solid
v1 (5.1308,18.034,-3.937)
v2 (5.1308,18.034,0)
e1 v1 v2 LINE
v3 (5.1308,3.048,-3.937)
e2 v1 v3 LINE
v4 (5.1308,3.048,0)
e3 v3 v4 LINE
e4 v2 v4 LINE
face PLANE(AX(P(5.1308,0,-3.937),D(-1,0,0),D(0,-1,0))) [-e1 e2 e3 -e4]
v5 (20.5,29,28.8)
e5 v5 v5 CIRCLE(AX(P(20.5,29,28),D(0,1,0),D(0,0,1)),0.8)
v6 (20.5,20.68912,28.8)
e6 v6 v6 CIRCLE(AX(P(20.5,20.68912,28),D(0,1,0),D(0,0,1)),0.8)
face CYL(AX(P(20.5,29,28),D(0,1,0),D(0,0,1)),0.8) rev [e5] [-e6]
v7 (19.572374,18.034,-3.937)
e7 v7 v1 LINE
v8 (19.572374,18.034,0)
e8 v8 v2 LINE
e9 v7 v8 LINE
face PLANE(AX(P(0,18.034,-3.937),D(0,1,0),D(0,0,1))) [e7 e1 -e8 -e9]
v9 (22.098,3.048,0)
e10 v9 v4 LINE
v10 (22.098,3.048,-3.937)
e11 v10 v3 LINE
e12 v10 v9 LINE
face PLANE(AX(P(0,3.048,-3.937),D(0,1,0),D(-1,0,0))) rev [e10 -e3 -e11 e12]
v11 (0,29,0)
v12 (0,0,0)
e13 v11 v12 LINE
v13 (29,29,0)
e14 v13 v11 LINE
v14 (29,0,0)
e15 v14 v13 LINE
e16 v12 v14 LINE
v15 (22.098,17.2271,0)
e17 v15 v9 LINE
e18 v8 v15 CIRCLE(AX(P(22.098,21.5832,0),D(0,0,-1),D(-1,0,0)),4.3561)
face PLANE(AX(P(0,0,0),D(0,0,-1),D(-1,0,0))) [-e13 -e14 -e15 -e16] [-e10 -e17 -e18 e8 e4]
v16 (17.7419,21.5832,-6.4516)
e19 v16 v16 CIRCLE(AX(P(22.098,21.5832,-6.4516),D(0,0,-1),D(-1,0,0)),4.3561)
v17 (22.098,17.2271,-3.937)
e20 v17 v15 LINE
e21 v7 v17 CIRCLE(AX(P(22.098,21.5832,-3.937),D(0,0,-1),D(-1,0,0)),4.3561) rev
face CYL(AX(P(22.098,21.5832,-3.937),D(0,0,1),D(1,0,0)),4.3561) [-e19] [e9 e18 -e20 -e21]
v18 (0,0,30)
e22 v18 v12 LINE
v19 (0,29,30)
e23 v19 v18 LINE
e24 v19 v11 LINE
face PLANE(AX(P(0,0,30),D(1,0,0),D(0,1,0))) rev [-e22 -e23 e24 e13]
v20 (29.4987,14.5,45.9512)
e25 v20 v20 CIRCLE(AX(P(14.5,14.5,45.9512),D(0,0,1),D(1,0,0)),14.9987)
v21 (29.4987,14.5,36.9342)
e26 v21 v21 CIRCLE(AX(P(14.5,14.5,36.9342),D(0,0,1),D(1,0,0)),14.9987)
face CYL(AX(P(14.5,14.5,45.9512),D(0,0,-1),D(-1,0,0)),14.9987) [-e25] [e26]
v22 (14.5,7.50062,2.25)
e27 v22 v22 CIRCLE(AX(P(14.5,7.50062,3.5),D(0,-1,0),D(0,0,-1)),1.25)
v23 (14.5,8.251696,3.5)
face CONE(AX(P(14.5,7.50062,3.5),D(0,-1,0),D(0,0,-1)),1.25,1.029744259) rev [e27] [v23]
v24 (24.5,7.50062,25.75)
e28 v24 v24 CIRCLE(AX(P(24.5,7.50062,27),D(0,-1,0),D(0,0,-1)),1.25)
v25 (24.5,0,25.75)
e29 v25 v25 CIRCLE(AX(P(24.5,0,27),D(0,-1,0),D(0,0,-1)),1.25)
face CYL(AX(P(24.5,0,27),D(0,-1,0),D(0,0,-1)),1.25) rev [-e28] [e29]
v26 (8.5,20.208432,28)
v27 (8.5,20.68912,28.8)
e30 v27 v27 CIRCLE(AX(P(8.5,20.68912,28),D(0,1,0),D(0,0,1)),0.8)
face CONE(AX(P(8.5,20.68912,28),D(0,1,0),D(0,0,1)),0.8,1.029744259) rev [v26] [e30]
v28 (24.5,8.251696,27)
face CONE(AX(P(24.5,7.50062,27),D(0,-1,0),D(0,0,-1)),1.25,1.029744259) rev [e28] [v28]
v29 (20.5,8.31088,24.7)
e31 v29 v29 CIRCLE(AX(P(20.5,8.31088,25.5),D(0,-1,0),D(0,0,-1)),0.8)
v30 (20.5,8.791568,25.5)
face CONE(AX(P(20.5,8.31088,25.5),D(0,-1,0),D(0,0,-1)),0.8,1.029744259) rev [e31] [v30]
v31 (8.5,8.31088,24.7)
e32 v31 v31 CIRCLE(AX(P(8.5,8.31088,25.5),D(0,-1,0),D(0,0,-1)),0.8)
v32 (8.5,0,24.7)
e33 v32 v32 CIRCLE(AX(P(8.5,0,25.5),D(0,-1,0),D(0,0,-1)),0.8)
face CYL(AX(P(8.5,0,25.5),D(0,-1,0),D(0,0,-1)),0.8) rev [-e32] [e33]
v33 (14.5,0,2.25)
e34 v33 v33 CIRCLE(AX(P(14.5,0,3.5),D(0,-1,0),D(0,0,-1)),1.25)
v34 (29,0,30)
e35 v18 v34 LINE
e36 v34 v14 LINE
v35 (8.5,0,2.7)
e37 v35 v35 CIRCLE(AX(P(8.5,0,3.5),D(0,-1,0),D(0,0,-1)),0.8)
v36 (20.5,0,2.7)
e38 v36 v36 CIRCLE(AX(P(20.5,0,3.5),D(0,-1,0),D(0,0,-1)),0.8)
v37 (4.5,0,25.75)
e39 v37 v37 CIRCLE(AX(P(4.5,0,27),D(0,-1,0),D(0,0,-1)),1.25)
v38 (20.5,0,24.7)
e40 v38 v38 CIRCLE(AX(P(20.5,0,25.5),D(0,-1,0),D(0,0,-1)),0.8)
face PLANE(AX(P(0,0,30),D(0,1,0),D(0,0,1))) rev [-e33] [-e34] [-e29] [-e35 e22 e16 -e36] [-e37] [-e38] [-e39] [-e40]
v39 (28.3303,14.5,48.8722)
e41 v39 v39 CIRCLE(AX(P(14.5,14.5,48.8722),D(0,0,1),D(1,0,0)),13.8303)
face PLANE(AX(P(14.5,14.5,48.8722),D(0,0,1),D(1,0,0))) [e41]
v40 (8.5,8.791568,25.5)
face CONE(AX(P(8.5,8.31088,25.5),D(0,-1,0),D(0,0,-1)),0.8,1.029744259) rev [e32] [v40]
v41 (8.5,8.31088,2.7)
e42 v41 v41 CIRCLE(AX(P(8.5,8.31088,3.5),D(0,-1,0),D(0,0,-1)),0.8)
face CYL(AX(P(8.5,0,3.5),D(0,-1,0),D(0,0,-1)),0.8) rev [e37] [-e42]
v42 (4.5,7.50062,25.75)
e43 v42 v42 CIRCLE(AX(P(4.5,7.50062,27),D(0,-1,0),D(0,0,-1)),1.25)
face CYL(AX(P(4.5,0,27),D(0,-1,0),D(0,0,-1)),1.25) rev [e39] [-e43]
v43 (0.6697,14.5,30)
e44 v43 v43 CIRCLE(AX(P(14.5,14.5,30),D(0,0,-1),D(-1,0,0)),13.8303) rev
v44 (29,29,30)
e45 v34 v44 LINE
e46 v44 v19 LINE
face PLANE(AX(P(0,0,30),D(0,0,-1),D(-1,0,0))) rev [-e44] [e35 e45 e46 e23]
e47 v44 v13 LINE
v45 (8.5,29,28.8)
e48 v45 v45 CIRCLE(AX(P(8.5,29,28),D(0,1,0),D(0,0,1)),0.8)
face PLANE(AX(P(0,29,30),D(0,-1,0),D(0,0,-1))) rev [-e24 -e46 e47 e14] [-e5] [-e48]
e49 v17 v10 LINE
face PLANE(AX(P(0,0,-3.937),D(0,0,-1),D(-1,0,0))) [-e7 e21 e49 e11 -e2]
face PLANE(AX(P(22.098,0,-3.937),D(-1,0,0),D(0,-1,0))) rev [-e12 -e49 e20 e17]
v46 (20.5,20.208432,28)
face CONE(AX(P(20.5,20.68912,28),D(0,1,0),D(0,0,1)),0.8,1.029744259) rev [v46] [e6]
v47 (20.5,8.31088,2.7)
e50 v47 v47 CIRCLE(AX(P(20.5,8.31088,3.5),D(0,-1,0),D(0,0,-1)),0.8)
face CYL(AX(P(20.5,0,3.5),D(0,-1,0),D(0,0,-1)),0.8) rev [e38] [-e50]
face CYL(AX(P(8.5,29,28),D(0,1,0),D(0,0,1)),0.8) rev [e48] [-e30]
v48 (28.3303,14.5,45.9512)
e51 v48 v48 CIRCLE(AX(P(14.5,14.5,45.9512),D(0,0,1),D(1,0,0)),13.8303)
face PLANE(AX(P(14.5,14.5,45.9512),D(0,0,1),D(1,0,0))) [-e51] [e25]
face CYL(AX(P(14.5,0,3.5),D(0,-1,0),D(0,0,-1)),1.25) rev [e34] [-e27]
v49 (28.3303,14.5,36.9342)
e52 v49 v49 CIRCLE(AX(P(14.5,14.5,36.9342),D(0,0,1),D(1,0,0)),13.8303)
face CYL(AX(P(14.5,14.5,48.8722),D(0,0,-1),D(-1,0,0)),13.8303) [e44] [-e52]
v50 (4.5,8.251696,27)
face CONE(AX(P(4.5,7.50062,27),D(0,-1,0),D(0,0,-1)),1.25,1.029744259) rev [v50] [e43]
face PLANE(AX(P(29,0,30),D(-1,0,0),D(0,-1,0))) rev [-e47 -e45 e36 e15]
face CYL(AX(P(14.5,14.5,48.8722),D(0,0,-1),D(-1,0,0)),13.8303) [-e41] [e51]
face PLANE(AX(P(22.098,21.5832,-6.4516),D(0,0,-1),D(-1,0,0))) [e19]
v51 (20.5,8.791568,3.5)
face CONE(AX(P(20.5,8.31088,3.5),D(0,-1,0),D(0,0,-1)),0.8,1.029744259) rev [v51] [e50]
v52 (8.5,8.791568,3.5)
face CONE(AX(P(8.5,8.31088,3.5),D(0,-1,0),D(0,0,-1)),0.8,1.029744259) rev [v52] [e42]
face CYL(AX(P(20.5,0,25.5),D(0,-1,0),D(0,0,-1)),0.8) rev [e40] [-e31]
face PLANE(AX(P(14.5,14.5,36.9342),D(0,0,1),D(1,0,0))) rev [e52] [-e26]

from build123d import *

# Parameters (mm, degrees)
SKETCH1_W                 = 29
SKETCH1_H                 = 29
BOSS_EXTRUDE1_DEPTH       = 30
SKETCH2_R                 = 13.8303
BOSS_EXTRUDE2_DEPTH       = 18.8722
M2X0_4_TAPPED_HOLE1_D     = 1.6
M2X0_4_TAPPED_HOLE1_DEPTH = 8.31088
M2X0_4_TAPPED_HOLE1_TIP   = 0.480688495
M2X0_4_TAPPED_HOLE2_D     = 1.6
M2X0_4_TAPPED_HOLE2_DEPTH = 8.31088
M2X0_4_TAPPED_HOLE2_TIP   = 0.480688495
M3X0_5_TAPPED_HOLE1_D     = 2.5
M3X0_5_TAPPED_HOLE1_DEPTH = 7.50062
M3X0_5_TAPPED_HOLE1_TIP   = 0.751075774
BOSS_EXTRUDE4_DEPTH       = 3.937
SKETCH15_7_R              = 4.3561
BOSS_EXTRUDE5_DEPTH       = 6.4516
BOSS_EXTRUDE6_START       = 6.9342
SKETCH2_5_R               = 14.9987
BOSS_EXTRUDE6_DEPTH       = 9.017


with BuildPart() as part:
    # Sketch1 → Boss-Extrude1 (new body)
    with BuildSketch(Plane.XY):
        with Locations((14.5, 14.5)):
            Rectangle(SKETCH1_W, SKETCH1_H)
    extrude(amount=BOSS_EXTRUDE1_DEPTH)

    # Sketch2 → Boss-Extrude2 (add)
    with BuildSketch(Plane.XY.offset(30)):
        with Locations((14.5, 14.5)):
            Circle(SKETCH2_R)
    extrude(amount=BOSS_EXTRUDE2_DEPTH)

    # M2x0.4 Tapped Hole1
    with Locations(Plane(origin=(0, 0, 0), x_dir=(-1, 0, 0), z_dir=(0, -1, 0))):
        with Locations((-20.5, -3.5), (-20.5, -25.5), (-8.5, -3.5), (-8.5, -25.5)):
            Hole(M2X0_4_TAPPED_HOLE1_D / 2, depth=M2X0_4_TAPPED_HOLE1_DEPTH)
            with Locations((0, 0, -(M2X0_4_TAPPED_HOLE1_DEPTH + M2X0_4_TAPPED_HOLE1_TIP / 2))):  # 118° drill point
                Cone(0, M2X0_4_TAPPED_HOLE1_D / 2, M2X0_4_TAPPED_HOLE1_TIP, mode=Mode.SUBTRACT)

    # M2x0.4 Tapped Hole2
    with Locations(Plane(origin=(0, 29, 0), x_dir=(1, 0, 0), z_dir=(0, 1, 0))):
        with Locations((20.5, -28), (8.5, -28)):
            Hole(M2X0_4_TAPPED_HOLE2_D / 2, depth=M2X0_4_TAPPED_HOLE2_DEPTH)
            with Locations((0, 0, -(M2X0_4_TAPPED_HOLE2_DEPTH + M2X0_4_TAPPED_HOLE2_TIP / 2))):  # 118° drill point
                Cone(0, M2X0_4_TAPPED_HOLE2_D / 2, M2X0_4_TAPPED_HOLE2_TIP, mode=Mode.SUBTRACT)

    # M3x0.5 Tapped Hole1
    with Locations(Plane(origin=(0, 0, 0), x_dir=(-1, 0, 0), z_dir=(0, -1, 0))):
        with Locations((-14.5, -3.5), (-4.5, -27), (-24.5, -27)):
            Hole(M3X0_5_TAPPED_HOLE1_D / 2, depth=M3X0_5_TAPPED_HOLE1_DEPTH)
            with Locations((0, 0, -(M3X0_5_TAPPED_HOLE1_DEPTH + M3X0_5_TAPPED_HOLE1_TIP / 2))):  # 118° drill point
                Cone(0, M3X0_5_TAPPED_HOLE1_D / 2, M3X0_5_TAPPED_HOLE1_TIP, mode=Mode.SUBTRACT)

    # Sketch15 → Boss-Extrude4 (add)
    with BuildSketch(Plane(origin=(0, 0, 0), x_dir=(-1, 0, 0), z_dir=(0, 0, -1))):
        with BuildLine():
            Line((-5.1308, 18.034), (-19.572374024, 18.034))
            ThreePointArc((-19.572374024, 18.034), (-23.423695495, 25.732674505), (-22.098, 17.2271))
            Line((-22.098, 17.2271), (-22.098, 3.048))
            Line((-22.098, 3.048), (-5.1308, 3.048))
            Line((-5.1308, 3.048), (-5.1308, 18.034))
        make_face()
    extrude(amount=BOSS_EXTRUDE4_DEPTH)

    # Sketch15<7> → Boss-Extrude5 (add)
    with BuildSketch(Plane(origin=(0, 0, 0), x_dir=(-1, 0, 0), z_dir=(0, 0, -1))):
        with Locations((-22.098, 21.5832)):
            Circle(SKETCH15_7_R)
    extrude(amount=BOSS_EXTRUDE5_DEPTH)

    # Sketch2<5> → Boss-Extrude6 (add)
    with BuildSketch(Plane.XY.offset(30).offset(BOSS_EXTRUDE6_START)):
        with Locations((14.5, 14.5)):
            Circle(SKETCH2_5_R)
    extrude(amount=BOSS_EXTRUDE6_DEPTH)


solid = part.part
